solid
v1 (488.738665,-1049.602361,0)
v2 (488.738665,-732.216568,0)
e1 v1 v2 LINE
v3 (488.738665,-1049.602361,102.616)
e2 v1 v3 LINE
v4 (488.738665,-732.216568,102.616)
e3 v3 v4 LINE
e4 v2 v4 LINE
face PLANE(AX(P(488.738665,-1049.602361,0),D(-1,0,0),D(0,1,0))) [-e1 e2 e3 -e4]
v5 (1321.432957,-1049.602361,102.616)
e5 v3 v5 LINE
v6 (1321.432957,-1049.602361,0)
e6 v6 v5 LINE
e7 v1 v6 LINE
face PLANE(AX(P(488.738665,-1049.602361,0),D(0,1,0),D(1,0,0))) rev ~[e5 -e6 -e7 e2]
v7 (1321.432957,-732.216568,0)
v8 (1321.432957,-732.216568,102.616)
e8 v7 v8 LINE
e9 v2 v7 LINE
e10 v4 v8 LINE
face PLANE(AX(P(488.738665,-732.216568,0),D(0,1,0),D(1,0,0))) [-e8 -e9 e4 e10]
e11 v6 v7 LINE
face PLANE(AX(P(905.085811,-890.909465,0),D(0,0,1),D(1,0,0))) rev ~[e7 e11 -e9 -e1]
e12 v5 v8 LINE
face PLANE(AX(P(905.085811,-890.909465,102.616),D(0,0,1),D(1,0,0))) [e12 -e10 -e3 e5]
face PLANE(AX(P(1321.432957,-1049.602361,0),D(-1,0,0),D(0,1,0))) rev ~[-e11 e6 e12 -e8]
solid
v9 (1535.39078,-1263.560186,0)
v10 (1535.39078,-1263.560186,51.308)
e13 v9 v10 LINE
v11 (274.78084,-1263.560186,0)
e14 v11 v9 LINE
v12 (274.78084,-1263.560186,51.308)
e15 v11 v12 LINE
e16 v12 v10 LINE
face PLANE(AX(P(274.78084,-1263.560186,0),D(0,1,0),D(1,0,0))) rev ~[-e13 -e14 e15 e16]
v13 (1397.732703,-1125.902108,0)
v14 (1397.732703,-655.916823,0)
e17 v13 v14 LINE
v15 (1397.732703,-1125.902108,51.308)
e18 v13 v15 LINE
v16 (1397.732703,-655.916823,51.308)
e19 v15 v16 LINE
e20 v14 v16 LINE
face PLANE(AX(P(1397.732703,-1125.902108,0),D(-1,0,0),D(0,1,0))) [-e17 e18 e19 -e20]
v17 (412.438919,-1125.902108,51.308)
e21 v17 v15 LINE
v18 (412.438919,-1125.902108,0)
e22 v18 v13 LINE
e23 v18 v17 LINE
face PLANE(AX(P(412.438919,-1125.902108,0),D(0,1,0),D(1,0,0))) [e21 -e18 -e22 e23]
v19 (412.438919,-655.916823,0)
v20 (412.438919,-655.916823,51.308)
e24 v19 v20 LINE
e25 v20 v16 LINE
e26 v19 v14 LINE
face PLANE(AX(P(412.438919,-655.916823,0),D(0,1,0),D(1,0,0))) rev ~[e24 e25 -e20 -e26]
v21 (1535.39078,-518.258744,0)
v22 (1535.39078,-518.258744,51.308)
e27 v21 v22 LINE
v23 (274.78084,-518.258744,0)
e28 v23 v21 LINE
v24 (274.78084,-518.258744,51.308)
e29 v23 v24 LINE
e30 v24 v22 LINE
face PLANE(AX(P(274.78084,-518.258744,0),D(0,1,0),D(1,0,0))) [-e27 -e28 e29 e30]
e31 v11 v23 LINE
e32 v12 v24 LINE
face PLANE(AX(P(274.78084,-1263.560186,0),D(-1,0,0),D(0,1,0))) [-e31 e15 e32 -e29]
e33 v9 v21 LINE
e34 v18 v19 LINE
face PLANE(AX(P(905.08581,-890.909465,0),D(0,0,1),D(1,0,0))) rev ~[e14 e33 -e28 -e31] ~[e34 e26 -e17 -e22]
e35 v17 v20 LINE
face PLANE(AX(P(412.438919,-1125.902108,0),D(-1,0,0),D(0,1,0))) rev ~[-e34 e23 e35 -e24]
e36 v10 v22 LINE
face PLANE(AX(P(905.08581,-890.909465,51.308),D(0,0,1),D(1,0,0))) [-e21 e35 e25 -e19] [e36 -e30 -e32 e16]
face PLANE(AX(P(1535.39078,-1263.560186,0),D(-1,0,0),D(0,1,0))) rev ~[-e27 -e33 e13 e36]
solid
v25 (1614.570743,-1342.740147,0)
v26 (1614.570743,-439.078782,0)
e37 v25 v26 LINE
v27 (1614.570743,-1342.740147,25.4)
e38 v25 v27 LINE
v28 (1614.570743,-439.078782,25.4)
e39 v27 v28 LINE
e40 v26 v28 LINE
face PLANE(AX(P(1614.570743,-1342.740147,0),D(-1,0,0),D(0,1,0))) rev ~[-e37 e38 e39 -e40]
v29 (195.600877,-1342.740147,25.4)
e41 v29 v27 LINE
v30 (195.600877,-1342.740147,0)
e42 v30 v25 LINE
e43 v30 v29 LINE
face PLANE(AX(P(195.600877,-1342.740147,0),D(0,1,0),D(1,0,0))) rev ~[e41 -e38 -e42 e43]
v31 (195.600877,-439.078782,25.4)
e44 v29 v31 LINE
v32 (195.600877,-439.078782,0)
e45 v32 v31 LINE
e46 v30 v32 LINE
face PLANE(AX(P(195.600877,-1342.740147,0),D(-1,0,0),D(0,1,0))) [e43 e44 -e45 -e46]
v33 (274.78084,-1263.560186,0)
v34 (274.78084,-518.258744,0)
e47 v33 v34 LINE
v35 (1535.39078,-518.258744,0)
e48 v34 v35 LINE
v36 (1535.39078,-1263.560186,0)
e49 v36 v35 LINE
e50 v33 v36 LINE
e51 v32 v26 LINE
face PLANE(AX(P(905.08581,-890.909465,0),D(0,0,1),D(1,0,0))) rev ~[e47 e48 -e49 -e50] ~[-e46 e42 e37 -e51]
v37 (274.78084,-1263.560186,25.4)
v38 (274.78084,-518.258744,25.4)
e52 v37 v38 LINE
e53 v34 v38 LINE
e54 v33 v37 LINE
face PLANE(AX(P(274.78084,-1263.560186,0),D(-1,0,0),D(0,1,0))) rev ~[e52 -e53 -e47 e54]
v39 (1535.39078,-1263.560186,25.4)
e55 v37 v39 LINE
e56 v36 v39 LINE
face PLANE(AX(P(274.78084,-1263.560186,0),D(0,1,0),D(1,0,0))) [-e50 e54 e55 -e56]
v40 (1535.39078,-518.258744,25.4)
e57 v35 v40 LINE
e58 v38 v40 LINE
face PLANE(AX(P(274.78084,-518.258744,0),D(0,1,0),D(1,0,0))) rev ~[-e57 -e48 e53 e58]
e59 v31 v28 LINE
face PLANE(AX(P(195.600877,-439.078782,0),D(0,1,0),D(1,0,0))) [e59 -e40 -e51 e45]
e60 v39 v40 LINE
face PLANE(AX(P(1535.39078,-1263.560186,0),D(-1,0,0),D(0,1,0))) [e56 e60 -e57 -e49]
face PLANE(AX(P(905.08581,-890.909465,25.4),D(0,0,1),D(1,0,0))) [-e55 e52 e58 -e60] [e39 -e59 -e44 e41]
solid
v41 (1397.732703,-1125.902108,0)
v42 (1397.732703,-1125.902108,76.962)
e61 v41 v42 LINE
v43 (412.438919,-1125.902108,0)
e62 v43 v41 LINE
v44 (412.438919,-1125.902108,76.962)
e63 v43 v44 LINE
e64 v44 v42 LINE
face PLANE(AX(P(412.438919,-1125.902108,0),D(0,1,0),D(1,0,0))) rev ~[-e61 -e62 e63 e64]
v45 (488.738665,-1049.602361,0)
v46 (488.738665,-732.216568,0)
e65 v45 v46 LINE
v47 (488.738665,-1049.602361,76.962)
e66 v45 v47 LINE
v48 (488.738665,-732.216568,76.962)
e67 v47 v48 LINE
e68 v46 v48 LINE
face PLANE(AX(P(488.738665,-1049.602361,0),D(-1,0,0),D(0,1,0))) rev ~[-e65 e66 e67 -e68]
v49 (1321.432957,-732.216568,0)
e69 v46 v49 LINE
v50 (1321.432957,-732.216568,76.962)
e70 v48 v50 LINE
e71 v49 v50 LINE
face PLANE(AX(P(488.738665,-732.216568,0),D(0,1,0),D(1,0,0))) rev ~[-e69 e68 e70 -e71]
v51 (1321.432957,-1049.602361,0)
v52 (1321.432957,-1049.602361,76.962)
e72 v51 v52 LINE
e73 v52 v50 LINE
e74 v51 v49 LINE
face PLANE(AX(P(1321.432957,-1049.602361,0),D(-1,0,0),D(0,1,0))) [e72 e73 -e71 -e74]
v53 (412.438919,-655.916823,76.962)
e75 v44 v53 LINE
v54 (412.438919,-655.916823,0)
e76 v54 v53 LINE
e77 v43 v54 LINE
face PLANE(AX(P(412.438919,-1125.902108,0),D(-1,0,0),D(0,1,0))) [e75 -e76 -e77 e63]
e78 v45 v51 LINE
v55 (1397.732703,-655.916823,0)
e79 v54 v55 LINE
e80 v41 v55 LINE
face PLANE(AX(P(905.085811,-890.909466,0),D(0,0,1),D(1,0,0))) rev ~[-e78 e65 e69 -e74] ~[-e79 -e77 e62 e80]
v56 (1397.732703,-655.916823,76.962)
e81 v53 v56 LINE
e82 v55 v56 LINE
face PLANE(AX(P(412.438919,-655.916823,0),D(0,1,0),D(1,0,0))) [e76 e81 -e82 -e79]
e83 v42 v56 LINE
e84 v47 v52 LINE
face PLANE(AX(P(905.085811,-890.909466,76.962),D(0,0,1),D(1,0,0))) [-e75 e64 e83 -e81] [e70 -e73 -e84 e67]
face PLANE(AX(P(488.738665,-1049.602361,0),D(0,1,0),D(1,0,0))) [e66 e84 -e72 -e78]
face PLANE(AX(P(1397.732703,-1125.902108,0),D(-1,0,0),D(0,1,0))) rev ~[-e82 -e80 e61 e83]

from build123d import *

# Parameters (mm, degrees)
F0_W     = 1418.969865
F0_H     = 903.661365
F0_W_2   = 1260.609941
F0_H_2   = 745.301442
F1_DEPTH = 25.4
F0_W_3   = 985.293784
F0_H_3   = 469.985285
F2_DEPTH = 51.308
F0_W_4   = 832.694292
F0_H_4   = 317.385793
F3_DEPTH = 76.962
F4_DEPTH = 102.616


with BuildPart() as f1:
    # F0 (on Top) → F1 (new body)
    with BuildSketch(Plane.XY):
        with Locations((905.08581, -890.909465)):
            Rectangle(F0_W, F0_H)
        with Locations((905.08581, -890.909465)):
            Rectangle(F0_W_2, F0_H_2, mode=Mode.SUBTRACT)
    extrude(amount=F1_DEPTH)


with BuildPart() as f2:
    # F0 (on Top) → F2 (new body)
    with BuildSketch(Plane.XY):
        with Locations((905.08581, -890.909465)):
            Rectangle(F0_W_2, F0_H_2)
        with Locations((905.085811, -890.909466)):
            Rectangle(F0_W_3, F0_H_3, mode=Mode.SUBTRACT)
    extrude(amount=F2_DEPTH)


with BuildPart() as f3:
    # F0 (on Top) → F3 (new body)
    with BuildSketch(Plane.XY):
        with Locations((905.085811, -890.909466)):
            Rectangle(F0_W_3, F0_H_3)
        with Locations((905.085811, -890.909465)):
            Rectangle(F0_W_4, F0_H_4, mode=Mode.SUBTRACT)
    extrude(amount=F3_DEPTH)


with BuildPart() as f4:
    # F0 (on Top) → F4 (new body)
    with BuildSketch(Plane.XY):
        with Locations((905.085811, -890.909465)):
            Rectangle(F0_W_4, F0_H_4)
    extrude(amount=F4_DEPTH)


solid = Compound([f1.part, f2.part, f3.part, f4.part])
